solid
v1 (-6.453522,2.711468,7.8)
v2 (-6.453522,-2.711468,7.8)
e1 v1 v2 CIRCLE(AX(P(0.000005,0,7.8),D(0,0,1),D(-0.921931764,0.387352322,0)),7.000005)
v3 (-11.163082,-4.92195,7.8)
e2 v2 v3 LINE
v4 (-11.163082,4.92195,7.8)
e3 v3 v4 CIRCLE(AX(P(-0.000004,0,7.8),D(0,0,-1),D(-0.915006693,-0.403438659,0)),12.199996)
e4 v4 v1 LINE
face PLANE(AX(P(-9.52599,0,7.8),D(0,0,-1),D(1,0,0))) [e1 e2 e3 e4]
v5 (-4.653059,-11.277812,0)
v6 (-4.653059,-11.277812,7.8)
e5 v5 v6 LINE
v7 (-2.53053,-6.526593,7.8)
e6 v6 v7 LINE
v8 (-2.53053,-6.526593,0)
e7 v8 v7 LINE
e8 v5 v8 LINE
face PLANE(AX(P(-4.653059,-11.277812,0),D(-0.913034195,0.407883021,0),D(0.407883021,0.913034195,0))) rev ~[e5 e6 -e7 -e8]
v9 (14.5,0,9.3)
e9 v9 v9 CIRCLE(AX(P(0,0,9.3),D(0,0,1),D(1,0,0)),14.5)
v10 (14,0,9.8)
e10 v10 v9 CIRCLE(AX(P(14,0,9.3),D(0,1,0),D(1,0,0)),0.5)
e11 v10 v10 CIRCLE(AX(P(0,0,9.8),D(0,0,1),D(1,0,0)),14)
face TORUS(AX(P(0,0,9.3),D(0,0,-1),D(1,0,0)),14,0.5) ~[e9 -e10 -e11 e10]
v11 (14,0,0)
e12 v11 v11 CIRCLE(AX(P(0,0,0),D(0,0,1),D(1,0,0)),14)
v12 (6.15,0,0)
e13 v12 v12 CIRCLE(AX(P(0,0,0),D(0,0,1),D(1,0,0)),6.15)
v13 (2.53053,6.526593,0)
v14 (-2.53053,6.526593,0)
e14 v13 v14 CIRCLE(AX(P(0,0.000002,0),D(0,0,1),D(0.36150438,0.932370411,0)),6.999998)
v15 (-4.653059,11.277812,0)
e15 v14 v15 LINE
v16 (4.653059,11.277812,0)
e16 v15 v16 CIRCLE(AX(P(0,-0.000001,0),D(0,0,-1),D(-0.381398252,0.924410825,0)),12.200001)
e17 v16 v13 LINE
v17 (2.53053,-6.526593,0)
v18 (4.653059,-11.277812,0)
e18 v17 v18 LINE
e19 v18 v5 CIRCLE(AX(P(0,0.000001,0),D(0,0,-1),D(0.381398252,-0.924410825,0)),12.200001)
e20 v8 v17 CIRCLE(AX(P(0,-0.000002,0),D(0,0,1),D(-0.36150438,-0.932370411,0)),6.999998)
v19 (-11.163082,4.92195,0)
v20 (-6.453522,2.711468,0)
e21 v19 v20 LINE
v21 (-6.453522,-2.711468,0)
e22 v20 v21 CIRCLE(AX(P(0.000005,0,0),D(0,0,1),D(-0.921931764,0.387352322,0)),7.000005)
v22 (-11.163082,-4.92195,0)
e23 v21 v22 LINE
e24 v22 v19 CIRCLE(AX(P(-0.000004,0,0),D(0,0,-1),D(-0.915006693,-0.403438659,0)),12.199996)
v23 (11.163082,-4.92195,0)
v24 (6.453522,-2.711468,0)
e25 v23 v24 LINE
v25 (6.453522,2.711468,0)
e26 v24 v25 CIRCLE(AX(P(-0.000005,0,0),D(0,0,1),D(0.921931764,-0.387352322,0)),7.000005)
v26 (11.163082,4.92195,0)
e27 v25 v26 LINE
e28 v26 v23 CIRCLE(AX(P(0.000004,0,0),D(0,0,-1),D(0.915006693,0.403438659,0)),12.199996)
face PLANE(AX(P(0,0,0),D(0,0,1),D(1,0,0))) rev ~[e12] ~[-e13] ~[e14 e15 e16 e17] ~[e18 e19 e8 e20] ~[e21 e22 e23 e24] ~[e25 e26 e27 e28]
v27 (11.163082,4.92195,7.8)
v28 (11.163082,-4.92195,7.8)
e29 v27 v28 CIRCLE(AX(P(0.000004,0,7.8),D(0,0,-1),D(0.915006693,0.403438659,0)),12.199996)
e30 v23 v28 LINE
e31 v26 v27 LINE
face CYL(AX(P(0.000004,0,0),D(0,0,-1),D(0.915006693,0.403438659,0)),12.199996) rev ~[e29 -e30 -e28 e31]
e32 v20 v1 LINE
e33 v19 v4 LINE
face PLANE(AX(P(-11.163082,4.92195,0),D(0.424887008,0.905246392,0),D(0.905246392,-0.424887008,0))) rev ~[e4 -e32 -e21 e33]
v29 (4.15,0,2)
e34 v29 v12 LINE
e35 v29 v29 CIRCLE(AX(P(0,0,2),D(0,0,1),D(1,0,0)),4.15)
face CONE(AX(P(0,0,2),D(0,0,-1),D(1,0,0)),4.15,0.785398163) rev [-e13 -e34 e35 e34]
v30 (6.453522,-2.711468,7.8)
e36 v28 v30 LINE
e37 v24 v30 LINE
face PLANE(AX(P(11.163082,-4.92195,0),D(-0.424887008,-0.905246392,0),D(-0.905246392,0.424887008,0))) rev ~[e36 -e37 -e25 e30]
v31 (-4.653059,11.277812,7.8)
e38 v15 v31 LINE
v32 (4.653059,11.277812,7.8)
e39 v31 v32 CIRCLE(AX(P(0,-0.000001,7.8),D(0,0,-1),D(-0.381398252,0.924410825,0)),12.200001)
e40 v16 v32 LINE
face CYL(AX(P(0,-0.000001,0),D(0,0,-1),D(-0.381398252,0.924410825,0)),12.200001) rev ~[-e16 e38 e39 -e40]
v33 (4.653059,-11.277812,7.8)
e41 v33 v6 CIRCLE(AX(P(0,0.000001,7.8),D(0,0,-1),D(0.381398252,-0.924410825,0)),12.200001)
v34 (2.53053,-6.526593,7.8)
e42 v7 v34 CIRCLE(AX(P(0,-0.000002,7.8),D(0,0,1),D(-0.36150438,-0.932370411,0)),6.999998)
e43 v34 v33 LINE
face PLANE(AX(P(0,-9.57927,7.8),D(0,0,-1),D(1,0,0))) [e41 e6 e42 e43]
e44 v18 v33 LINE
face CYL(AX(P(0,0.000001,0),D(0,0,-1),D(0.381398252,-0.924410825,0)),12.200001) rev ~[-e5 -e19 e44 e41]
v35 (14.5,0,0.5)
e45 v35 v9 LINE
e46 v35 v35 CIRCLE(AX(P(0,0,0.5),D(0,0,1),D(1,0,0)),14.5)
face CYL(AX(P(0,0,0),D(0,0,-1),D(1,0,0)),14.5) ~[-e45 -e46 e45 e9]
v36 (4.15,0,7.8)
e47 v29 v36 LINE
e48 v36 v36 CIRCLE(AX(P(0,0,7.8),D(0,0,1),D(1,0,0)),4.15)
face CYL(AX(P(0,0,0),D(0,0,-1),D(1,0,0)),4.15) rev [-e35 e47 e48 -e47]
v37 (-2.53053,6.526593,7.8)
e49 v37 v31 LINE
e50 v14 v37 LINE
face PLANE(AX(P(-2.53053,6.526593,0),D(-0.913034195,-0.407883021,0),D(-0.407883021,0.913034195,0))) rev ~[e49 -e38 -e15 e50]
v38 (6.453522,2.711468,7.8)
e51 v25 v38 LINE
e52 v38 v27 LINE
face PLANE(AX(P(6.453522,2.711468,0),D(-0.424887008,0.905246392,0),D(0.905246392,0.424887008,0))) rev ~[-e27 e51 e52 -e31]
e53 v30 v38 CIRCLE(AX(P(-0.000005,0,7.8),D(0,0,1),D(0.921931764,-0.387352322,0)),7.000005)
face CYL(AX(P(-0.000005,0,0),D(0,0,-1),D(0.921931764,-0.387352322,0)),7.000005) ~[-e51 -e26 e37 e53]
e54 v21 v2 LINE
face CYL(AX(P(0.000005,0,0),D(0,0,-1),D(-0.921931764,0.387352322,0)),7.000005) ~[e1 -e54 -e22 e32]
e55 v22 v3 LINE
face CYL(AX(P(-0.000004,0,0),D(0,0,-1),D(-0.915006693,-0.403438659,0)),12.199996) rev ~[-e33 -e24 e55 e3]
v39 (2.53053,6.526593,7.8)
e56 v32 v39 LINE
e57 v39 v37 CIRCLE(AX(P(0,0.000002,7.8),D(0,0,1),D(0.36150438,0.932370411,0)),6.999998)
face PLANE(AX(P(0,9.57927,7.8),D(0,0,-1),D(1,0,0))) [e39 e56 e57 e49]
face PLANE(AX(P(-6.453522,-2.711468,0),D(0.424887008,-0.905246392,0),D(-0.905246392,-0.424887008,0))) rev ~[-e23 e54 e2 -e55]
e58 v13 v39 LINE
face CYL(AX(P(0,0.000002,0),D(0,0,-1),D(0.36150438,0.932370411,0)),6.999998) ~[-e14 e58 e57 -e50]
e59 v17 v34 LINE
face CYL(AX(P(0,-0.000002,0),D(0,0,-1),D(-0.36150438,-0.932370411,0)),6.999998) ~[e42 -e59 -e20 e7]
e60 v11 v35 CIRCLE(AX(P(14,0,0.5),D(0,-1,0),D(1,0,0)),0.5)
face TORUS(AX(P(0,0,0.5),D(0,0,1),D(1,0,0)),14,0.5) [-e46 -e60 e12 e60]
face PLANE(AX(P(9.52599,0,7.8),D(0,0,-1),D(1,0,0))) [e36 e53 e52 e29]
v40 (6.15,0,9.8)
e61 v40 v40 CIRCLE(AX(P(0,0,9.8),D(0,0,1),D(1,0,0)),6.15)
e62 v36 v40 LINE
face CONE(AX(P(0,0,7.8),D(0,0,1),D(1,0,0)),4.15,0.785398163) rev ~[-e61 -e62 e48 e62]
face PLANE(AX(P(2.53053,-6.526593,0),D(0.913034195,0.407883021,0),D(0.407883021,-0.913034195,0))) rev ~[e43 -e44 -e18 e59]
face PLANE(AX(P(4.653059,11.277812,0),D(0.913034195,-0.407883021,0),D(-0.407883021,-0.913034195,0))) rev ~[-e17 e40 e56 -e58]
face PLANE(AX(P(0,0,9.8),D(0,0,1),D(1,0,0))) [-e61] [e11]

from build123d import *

# Parameters (mm, degrees)
F0_R     = 14.5
F0_R_2   = 4.15
F1_DEPTH = 9.8
F2_SIZE  = 2
F4_DEPTH = 7.8
F5_R     = 0.5


with BuildPart() as f1:
    # F0 (on Top) → F1 (new body)
    with BuildSketch(Plane.XY):
        Circle(F0_R)
        Circle(F0_R_2, mode=Mode.SUBTRACT)
    extrude(amount=F1_DEPTH)

    # F2
    f2_edges = [f1.edges().sort_by_distance(p)[0] for p in [
        (-4.15, 0, 9.8),
        (-4.15, 0, 0),
    ]]
    chamfer(f2_edges, length=F2_SIZE)

    # F3 (on face) → F4 (cut)
    with BuildSketch(Plane(origin=(0, 0, 0), x_dir=(1, 0, 0), z_dir=(0, 0, -1))):
        with BuildLine():
            Line((2.53053, 6.526593), (4.653059, 11.277812))
            ThreePointArc((4.653059, 11.277812), (0, 12.2), (-4.653059, 11.277812))
            Line((-4.653059, 11.277812), (-2.53053, 6.526593))
            ThreePointArc((-2.53053, 6.526593), (0, 7), (2.53053, 6.526593))
        make_face()
        with BuildLine():
            Line((-6.453522, 2.711468), (-11.163082, 4.92195))
            ThreePointArc((-11.163082, 4.92195), (-12.2, 0), (-11.163082, -4.92195))
            Line((-11.163082, -4.92195), (-6.453522, -2.711468))
            ThreePointArc((-6.453522, -2.711468), (-7, 0), (-6.453522, 2.711468))
        make_face()
        with BuildLine():
            Line((4.653059, -11.277812), (2.53053, -6.526593))
            ThreePointArc((2.53053, -6.526593), (0, -7), (-2.53053, -6.526593))
            Line((-2.53053, -6.526593), (-4.653059, -11.277812))
            ThreePointArc((-4.653059, -11.277812), (0, -12.2), (4.653059, -11.277812))
        make_face()
        with BuildLine():
            Line((11.163082, 4.92195), (6.453522, 2.711468))
            ThreePointArc((6.453522, 2.711468), (7, 0), (6.453522, -2.711468))
            Line((6.453522, -2.711468), (11.163082, -4.92195))
            ThreePointArc((11.163082, -4.92195), (12.2, 0), (11.163082, 4.92195))
        make_face()
    extrude(amount=-F4_DEPTH, mode=Mode.SUBTRACT)

    # F5
    f5_edges = [f1.edges().sort_by_distance(p)[0] for p in [
        (-14.5, 0, 9.8),
        (-14.5, 0, 0),
    ]]
    fillet(f5_edges, radius=F5_R)


solid = f1.part
